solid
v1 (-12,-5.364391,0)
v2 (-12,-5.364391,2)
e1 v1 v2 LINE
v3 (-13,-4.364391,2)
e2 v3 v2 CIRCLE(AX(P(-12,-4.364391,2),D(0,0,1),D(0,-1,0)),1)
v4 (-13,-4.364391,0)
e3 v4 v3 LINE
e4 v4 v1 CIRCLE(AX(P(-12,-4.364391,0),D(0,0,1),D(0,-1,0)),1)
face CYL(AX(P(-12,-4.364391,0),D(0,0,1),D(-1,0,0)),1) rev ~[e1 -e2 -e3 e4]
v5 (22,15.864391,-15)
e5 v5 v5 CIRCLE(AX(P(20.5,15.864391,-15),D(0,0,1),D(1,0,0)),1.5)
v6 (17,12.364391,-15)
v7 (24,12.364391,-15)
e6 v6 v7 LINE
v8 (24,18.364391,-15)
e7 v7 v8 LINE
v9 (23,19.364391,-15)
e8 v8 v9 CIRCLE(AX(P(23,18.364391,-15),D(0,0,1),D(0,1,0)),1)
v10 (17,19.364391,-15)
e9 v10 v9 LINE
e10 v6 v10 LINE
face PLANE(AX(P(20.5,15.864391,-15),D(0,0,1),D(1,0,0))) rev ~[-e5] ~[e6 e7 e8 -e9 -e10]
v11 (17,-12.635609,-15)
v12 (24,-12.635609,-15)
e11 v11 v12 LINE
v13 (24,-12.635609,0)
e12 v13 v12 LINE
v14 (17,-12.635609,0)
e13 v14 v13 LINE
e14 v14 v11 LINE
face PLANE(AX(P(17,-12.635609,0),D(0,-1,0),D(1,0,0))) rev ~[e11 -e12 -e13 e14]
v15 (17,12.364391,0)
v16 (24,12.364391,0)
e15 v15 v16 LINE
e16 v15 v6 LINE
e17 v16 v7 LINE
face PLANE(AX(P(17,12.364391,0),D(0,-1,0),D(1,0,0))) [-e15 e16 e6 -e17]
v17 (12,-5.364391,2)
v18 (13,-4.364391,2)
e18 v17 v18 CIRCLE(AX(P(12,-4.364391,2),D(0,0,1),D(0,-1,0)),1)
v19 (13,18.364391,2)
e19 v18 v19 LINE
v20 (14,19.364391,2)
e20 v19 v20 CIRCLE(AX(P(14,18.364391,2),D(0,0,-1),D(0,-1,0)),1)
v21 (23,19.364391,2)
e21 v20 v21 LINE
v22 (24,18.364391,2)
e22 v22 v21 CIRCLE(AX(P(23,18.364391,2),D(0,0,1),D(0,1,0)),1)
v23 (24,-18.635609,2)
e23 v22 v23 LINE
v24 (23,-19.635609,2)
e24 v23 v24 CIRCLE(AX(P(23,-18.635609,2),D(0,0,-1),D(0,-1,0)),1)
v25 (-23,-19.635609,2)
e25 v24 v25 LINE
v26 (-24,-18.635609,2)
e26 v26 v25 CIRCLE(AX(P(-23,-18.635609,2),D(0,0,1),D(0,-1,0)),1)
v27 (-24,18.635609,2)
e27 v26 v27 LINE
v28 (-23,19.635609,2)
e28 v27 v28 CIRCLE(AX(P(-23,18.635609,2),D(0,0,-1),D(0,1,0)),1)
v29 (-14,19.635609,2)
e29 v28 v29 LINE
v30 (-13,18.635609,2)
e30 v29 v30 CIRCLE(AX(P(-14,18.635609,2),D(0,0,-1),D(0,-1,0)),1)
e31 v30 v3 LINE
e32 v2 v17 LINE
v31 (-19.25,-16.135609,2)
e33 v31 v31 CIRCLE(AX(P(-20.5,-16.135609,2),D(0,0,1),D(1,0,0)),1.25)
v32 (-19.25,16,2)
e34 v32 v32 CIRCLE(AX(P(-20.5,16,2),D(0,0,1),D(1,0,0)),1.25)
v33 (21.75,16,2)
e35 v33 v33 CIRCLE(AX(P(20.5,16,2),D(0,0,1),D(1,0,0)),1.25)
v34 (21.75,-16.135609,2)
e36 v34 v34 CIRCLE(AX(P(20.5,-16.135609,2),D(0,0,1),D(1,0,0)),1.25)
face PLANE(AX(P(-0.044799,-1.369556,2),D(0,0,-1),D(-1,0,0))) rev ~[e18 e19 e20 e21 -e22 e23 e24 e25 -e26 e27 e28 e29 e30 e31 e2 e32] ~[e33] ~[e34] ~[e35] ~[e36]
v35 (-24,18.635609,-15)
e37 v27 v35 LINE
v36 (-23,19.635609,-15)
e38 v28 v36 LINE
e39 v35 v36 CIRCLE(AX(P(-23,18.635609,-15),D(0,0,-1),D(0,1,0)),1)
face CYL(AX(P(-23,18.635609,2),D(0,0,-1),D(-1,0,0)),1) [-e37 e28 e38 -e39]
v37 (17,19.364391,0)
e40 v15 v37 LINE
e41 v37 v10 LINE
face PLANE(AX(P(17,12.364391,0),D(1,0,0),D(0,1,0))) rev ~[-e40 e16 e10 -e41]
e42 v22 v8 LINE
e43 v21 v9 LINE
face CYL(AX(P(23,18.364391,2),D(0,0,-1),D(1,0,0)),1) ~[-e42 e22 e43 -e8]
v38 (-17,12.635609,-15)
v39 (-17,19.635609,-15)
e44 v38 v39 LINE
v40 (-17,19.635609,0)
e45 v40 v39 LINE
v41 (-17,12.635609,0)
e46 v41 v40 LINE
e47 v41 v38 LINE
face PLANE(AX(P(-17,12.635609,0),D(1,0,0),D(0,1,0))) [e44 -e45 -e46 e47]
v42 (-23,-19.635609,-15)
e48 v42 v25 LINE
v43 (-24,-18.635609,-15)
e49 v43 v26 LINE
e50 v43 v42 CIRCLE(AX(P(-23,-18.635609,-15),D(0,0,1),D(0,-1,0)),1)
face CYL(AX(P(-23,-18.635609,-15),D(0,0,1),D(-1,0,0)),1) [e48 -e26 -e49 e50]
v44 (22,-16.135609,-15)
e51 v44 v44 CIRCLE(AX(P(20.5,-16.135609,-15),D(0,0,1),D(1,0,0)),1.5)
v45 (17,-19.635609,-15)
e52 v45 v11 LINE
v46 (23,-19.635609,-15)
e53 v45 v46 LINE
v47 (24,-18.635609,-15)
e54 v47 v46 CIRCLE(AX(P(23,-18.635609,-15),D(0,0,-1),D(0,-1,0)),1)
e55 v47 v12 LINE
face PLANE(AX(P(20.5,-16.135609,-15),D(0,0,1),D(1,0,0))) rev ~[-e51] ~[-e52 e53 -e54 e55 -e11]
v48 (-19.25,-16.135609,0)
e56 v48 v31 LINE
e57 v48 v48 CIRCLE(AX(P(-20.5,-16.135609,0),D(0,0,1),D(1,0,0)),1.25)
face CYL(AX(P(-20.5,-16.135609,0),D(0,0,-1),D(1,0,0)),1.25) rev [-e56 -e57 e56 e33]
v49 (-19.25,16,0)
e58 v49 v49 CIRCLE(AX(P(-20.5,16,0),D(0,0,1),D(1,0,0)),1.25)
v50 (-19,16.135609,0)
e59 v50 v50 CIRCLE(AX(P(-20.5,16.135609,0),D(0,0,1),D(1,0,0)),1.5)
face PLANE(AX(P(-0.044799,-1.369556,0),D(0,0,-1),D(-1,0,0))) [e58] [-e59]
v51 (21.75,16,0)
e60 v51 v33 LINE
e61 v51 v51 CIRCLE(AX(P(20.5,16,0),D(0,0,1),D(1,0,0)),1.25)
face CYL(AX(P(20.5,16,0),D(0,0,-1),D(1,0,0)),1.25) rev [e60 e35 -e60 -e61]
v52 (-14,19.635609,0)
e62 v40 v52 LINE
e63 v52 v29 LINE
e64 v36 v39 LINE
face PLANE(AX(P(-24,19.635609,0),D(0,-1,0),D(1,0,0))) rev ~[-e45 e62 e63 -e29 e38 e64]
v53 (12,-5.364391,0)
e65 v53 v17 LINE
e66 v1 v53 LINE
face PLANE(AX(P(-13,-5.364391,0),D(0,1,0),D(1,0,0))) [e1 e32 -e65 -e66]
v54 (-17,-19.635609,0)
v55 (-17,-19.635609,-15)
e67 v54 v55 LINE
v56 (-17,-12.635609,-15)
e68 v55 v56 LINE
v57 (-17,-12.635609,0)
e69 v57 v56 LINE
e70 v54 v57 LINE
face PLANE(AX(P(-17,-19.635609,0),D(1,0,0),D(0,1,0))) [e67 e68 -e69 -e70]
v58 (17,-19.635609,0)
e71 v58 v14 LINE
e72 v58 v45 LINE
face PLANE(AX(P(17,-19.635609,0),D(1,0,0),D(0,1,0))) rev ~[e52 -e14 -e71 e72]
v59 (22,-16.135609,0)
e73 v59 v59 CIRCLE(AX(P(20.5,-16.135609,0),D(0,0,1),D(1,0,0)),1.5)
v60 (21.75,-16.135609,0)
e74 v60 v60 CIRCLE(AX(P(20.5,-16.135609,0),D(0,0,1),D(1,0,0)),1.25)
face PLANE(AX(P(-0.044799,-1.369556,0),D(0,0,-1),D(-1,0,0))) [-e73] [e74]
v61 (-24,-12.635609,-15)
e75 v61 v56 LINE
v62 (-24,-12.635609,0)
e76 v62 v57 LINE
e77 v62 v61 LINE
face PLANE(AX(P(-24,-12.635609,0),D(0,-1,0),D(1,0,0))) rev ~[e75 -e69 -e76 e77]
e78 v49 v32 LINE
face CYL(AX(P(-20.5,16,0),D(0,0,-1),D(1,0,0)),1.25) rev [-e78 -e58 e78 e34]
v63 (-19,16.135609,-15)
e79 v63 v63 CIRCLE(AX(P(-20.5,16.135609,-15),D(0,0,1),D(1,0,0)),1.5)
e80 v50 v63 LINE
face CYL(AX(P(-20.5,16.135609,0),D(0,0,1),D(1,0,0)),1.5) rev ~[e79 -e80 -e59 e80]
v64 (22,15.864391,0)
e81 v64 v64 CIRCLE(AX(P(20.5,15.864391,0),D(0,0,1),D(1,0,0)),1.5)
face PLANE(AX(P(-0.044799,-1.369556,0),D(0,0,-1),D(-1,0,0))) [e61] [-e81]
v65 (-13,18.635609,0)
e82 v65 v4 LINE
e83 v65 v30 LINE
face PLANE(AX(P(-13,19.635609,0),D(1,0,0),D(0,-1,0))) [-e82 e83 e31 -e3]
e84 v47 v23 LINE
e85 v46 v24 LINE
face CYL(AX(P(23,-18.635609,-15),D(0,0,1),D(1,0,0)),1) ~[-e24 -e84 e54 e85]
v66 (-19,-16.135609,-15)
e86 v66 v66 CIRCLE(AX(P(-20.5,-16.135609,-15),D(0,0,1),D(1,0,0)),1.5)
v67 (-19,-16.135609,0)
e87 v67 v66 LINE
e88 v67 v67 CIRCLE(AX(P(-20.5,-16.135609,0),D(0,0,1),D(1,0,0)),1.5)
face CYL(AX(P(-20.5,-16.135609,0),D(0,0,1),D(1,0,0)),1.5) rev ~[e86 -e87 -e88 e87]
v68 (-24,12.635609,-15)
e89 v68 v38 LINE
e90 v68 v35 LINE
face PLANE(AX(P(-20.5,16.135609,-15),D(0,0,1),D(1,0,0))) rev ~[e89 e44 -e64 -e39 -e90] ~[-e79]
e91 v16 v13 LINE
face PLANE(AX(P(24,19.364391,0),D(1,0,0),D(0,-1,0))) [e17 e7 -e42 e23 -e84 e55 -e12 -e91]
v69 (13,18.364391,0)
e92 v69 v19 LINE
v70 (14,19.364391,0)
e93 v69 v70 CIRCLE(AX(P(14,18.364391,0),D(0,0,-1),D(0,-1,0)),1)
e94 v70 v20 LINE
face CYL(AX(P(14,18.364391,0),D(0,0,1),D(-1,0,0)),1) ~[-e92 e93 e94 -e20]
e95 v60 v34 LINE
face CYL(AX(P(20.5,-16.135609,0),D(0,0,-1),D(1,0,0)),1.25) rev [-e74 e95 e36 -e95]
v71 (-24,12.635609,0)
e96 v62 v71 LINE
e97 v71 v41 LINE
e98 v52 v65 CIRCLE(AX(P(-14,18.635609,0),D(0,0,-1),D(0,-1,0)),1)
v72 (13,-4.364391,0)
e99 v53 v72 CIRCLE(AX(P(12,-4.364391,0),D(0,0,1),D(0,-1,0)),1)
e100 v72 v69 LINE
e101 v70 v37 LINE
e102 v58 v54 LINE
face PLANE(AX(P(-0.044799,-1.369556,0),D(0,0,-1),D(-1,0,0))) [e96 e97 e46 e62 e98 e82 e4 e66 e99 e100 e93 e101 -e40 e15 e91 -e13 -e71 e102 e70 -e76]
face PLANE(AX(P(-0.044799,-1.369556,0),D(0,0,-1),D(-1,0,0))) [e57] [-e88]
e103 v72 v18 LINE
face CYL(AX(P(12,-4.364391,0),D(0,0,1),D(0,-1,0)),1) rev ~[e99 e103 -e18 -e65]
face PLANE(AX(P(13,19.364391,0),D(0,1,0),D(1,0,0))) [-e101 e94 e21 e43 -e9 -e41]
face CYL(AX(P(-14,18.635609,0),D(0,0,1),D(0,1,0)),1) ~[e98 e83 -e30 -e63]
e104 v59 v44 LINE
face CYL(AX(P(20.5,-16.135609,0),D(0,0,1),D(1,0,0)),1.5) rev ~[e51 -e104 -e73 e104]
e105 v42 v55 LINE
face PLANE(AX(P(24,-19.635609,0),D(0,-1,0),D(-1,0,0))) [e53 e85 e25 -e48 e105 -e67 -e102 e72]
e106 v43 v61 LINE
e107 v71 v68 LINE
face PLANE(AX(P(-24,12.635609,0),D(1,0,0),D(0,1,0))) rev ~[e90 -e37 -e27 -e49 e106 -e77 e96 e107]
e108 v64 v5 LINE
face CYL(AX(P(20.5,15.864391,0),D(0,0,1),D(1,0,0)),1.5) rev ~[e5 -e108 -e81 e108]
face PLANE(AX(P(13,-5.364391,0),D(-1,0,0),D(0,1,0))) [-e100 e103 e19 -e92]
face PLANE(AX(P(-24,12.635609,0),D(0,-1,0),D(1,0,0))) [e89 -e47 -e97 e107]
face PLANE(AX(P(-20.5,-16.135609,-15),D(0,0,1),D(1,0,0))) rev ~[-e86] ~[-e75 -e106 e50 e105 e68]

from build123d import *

# Parameters (mm, degrees)
SKETCH_R     = 1.25
PAD_DEPTH    = 2
SKETCH001_W  = 7
SKETCH001_H  = 7
SKETCH001_R  = 1.5
PAD001_DEPTH = 15
FILLET_R     = 1
FILLET001_R  = 1
FILLET002_R  = 1
FILLET003_R  = 1
FILLET004_R  = 1
FILLET005_R  = 1
FILLET006_R  = 1
FILLET007_R  = 1


with BuildPart() as part:
    # Sketch → Pad (new body)
    with BuildSketch(Plane.XY):
        Polygon((24, 19.364391), (24, -19.635609), (-24, -19.635609), (-24, 19.635609), (-13, 19.635609), (-13, -5.364391), (13, -5.364391), (13, 19.364391), align=None)
        with Locations((-20.5, 16)):
            Circle(SKETCH_R, mode=Mode.SUBTRACT)
        with Locations((20.5, -16.135609)):
            Circle(SKETCH_R, mode=Mode.SUBTRACT)
        with Locations((20.5, 16)):
            Circle(SKETCH_R, mode=Mode.SUBTRACT)
        with Locations((-20.5, -16.135609)):
            Circle(SKETCH_R, mode=Mode.SUBTRACT)
    extrude(amount=PAD_DEPTH)

    # Sketch001 → Pad001 (join)
    with BuildSketch(Plane.XY):
        with Locations((-20.5, 16.135609)):
            Rectangle(SKETCH001_W, SKETCH001_H)
        with Locations((-20.5, 16.135609)):
            Circle(SKETCH001_R, mode=Mode.SUBTRACT)
        with Locations((20.5, 15.864391)):
            Rectangle(SKETCH001_W, SKETCH001_H)
        with Locations((20.5, 15.864391)):
            Circle(SKETCH001_R, mode=Mode.SUBTRACT)
        with Locations((-20.5, -16.135609)):
            Rectangle(SKETCH001_W, SKETCH001_H)
        with Locations((-20.5, -16.135609)):
            Circle(SKETCH001_R, mode=Mode.SUBTRACT)
        with Locations((20.5, -16.135609)):
            Rectangle(SKETCH001_W, SKETCH001_H)
        with Locations((20.5, -16.135609)):
            Circle(SKETCH001_R, mode=Mode.SUBTRACT)
    extrude(amount=-PAD001_DEPTH)

    # Fillet
    fillet_edges = [part.edges().sort_by_distance(p)[0] for p in [
        (24, -19.635609, -7.5),
        (24, -19.635609, 1),
    ]]
    fillet(fillet_edges, radius=FILLET_R)

    # Fillet001
    fillet001_edges = [part.edges().sort_by_distance(p)[0] for p in [
        (24, 19.364391, 1),
        (24, 19.364391, -7.5),
    ]]
    fillet(fillet001_edges, radius=FILLET001_R)

    # Fillet002
    fillet002_edges = [part.edges().sort_by_distance(p)[0] for p in [
        (-24, 19.635609, 1),
        (-24, 19.635609, -7.5),
    ]]
    fillet(fillet002_edges, radius=FILLET002_R)

    # Fillet003
    fillet003_edges = [part.edges().sort_by_distance(p)[0] for p in [
        (-24, -19.635609, -7.5),
        (-24, -19.635609, 1),
    ]]
    fillet(fillet003_edges, radius=FILLET003_R)

    # Fillet004
    fillet004_edges = [part.edges().sort_by_distance(p)[0] for p in [
        (-13, 19.635609, 1),
    ]]
    fillet(fillet004_edges, radius=FILLET004_R)

    # Fillet005
    fillet005_edges = [part.edges().sort_by_distance(p)[0] for p in [
        (-13, -5.364391, 1),
    ]]
    fillet(fillet005_edges, radius=FILLET005_R)

    # Fillet006
    fillet006_edges = [part.edges().sort_by_distance(p)[0] for p in [
        (13, -5.364391, 1),
    ]]
    fillet(fillet006_edges, radius=FILLET006_R)

    # Fillet007
    fillet007_edges = [part.edges().sort_by_distance(p)[0] for p in [
        (13, 19.364391, 1),
    ]]
    fillet(fillet007_edges, radius=FILLET007_R)


solid = part.part
